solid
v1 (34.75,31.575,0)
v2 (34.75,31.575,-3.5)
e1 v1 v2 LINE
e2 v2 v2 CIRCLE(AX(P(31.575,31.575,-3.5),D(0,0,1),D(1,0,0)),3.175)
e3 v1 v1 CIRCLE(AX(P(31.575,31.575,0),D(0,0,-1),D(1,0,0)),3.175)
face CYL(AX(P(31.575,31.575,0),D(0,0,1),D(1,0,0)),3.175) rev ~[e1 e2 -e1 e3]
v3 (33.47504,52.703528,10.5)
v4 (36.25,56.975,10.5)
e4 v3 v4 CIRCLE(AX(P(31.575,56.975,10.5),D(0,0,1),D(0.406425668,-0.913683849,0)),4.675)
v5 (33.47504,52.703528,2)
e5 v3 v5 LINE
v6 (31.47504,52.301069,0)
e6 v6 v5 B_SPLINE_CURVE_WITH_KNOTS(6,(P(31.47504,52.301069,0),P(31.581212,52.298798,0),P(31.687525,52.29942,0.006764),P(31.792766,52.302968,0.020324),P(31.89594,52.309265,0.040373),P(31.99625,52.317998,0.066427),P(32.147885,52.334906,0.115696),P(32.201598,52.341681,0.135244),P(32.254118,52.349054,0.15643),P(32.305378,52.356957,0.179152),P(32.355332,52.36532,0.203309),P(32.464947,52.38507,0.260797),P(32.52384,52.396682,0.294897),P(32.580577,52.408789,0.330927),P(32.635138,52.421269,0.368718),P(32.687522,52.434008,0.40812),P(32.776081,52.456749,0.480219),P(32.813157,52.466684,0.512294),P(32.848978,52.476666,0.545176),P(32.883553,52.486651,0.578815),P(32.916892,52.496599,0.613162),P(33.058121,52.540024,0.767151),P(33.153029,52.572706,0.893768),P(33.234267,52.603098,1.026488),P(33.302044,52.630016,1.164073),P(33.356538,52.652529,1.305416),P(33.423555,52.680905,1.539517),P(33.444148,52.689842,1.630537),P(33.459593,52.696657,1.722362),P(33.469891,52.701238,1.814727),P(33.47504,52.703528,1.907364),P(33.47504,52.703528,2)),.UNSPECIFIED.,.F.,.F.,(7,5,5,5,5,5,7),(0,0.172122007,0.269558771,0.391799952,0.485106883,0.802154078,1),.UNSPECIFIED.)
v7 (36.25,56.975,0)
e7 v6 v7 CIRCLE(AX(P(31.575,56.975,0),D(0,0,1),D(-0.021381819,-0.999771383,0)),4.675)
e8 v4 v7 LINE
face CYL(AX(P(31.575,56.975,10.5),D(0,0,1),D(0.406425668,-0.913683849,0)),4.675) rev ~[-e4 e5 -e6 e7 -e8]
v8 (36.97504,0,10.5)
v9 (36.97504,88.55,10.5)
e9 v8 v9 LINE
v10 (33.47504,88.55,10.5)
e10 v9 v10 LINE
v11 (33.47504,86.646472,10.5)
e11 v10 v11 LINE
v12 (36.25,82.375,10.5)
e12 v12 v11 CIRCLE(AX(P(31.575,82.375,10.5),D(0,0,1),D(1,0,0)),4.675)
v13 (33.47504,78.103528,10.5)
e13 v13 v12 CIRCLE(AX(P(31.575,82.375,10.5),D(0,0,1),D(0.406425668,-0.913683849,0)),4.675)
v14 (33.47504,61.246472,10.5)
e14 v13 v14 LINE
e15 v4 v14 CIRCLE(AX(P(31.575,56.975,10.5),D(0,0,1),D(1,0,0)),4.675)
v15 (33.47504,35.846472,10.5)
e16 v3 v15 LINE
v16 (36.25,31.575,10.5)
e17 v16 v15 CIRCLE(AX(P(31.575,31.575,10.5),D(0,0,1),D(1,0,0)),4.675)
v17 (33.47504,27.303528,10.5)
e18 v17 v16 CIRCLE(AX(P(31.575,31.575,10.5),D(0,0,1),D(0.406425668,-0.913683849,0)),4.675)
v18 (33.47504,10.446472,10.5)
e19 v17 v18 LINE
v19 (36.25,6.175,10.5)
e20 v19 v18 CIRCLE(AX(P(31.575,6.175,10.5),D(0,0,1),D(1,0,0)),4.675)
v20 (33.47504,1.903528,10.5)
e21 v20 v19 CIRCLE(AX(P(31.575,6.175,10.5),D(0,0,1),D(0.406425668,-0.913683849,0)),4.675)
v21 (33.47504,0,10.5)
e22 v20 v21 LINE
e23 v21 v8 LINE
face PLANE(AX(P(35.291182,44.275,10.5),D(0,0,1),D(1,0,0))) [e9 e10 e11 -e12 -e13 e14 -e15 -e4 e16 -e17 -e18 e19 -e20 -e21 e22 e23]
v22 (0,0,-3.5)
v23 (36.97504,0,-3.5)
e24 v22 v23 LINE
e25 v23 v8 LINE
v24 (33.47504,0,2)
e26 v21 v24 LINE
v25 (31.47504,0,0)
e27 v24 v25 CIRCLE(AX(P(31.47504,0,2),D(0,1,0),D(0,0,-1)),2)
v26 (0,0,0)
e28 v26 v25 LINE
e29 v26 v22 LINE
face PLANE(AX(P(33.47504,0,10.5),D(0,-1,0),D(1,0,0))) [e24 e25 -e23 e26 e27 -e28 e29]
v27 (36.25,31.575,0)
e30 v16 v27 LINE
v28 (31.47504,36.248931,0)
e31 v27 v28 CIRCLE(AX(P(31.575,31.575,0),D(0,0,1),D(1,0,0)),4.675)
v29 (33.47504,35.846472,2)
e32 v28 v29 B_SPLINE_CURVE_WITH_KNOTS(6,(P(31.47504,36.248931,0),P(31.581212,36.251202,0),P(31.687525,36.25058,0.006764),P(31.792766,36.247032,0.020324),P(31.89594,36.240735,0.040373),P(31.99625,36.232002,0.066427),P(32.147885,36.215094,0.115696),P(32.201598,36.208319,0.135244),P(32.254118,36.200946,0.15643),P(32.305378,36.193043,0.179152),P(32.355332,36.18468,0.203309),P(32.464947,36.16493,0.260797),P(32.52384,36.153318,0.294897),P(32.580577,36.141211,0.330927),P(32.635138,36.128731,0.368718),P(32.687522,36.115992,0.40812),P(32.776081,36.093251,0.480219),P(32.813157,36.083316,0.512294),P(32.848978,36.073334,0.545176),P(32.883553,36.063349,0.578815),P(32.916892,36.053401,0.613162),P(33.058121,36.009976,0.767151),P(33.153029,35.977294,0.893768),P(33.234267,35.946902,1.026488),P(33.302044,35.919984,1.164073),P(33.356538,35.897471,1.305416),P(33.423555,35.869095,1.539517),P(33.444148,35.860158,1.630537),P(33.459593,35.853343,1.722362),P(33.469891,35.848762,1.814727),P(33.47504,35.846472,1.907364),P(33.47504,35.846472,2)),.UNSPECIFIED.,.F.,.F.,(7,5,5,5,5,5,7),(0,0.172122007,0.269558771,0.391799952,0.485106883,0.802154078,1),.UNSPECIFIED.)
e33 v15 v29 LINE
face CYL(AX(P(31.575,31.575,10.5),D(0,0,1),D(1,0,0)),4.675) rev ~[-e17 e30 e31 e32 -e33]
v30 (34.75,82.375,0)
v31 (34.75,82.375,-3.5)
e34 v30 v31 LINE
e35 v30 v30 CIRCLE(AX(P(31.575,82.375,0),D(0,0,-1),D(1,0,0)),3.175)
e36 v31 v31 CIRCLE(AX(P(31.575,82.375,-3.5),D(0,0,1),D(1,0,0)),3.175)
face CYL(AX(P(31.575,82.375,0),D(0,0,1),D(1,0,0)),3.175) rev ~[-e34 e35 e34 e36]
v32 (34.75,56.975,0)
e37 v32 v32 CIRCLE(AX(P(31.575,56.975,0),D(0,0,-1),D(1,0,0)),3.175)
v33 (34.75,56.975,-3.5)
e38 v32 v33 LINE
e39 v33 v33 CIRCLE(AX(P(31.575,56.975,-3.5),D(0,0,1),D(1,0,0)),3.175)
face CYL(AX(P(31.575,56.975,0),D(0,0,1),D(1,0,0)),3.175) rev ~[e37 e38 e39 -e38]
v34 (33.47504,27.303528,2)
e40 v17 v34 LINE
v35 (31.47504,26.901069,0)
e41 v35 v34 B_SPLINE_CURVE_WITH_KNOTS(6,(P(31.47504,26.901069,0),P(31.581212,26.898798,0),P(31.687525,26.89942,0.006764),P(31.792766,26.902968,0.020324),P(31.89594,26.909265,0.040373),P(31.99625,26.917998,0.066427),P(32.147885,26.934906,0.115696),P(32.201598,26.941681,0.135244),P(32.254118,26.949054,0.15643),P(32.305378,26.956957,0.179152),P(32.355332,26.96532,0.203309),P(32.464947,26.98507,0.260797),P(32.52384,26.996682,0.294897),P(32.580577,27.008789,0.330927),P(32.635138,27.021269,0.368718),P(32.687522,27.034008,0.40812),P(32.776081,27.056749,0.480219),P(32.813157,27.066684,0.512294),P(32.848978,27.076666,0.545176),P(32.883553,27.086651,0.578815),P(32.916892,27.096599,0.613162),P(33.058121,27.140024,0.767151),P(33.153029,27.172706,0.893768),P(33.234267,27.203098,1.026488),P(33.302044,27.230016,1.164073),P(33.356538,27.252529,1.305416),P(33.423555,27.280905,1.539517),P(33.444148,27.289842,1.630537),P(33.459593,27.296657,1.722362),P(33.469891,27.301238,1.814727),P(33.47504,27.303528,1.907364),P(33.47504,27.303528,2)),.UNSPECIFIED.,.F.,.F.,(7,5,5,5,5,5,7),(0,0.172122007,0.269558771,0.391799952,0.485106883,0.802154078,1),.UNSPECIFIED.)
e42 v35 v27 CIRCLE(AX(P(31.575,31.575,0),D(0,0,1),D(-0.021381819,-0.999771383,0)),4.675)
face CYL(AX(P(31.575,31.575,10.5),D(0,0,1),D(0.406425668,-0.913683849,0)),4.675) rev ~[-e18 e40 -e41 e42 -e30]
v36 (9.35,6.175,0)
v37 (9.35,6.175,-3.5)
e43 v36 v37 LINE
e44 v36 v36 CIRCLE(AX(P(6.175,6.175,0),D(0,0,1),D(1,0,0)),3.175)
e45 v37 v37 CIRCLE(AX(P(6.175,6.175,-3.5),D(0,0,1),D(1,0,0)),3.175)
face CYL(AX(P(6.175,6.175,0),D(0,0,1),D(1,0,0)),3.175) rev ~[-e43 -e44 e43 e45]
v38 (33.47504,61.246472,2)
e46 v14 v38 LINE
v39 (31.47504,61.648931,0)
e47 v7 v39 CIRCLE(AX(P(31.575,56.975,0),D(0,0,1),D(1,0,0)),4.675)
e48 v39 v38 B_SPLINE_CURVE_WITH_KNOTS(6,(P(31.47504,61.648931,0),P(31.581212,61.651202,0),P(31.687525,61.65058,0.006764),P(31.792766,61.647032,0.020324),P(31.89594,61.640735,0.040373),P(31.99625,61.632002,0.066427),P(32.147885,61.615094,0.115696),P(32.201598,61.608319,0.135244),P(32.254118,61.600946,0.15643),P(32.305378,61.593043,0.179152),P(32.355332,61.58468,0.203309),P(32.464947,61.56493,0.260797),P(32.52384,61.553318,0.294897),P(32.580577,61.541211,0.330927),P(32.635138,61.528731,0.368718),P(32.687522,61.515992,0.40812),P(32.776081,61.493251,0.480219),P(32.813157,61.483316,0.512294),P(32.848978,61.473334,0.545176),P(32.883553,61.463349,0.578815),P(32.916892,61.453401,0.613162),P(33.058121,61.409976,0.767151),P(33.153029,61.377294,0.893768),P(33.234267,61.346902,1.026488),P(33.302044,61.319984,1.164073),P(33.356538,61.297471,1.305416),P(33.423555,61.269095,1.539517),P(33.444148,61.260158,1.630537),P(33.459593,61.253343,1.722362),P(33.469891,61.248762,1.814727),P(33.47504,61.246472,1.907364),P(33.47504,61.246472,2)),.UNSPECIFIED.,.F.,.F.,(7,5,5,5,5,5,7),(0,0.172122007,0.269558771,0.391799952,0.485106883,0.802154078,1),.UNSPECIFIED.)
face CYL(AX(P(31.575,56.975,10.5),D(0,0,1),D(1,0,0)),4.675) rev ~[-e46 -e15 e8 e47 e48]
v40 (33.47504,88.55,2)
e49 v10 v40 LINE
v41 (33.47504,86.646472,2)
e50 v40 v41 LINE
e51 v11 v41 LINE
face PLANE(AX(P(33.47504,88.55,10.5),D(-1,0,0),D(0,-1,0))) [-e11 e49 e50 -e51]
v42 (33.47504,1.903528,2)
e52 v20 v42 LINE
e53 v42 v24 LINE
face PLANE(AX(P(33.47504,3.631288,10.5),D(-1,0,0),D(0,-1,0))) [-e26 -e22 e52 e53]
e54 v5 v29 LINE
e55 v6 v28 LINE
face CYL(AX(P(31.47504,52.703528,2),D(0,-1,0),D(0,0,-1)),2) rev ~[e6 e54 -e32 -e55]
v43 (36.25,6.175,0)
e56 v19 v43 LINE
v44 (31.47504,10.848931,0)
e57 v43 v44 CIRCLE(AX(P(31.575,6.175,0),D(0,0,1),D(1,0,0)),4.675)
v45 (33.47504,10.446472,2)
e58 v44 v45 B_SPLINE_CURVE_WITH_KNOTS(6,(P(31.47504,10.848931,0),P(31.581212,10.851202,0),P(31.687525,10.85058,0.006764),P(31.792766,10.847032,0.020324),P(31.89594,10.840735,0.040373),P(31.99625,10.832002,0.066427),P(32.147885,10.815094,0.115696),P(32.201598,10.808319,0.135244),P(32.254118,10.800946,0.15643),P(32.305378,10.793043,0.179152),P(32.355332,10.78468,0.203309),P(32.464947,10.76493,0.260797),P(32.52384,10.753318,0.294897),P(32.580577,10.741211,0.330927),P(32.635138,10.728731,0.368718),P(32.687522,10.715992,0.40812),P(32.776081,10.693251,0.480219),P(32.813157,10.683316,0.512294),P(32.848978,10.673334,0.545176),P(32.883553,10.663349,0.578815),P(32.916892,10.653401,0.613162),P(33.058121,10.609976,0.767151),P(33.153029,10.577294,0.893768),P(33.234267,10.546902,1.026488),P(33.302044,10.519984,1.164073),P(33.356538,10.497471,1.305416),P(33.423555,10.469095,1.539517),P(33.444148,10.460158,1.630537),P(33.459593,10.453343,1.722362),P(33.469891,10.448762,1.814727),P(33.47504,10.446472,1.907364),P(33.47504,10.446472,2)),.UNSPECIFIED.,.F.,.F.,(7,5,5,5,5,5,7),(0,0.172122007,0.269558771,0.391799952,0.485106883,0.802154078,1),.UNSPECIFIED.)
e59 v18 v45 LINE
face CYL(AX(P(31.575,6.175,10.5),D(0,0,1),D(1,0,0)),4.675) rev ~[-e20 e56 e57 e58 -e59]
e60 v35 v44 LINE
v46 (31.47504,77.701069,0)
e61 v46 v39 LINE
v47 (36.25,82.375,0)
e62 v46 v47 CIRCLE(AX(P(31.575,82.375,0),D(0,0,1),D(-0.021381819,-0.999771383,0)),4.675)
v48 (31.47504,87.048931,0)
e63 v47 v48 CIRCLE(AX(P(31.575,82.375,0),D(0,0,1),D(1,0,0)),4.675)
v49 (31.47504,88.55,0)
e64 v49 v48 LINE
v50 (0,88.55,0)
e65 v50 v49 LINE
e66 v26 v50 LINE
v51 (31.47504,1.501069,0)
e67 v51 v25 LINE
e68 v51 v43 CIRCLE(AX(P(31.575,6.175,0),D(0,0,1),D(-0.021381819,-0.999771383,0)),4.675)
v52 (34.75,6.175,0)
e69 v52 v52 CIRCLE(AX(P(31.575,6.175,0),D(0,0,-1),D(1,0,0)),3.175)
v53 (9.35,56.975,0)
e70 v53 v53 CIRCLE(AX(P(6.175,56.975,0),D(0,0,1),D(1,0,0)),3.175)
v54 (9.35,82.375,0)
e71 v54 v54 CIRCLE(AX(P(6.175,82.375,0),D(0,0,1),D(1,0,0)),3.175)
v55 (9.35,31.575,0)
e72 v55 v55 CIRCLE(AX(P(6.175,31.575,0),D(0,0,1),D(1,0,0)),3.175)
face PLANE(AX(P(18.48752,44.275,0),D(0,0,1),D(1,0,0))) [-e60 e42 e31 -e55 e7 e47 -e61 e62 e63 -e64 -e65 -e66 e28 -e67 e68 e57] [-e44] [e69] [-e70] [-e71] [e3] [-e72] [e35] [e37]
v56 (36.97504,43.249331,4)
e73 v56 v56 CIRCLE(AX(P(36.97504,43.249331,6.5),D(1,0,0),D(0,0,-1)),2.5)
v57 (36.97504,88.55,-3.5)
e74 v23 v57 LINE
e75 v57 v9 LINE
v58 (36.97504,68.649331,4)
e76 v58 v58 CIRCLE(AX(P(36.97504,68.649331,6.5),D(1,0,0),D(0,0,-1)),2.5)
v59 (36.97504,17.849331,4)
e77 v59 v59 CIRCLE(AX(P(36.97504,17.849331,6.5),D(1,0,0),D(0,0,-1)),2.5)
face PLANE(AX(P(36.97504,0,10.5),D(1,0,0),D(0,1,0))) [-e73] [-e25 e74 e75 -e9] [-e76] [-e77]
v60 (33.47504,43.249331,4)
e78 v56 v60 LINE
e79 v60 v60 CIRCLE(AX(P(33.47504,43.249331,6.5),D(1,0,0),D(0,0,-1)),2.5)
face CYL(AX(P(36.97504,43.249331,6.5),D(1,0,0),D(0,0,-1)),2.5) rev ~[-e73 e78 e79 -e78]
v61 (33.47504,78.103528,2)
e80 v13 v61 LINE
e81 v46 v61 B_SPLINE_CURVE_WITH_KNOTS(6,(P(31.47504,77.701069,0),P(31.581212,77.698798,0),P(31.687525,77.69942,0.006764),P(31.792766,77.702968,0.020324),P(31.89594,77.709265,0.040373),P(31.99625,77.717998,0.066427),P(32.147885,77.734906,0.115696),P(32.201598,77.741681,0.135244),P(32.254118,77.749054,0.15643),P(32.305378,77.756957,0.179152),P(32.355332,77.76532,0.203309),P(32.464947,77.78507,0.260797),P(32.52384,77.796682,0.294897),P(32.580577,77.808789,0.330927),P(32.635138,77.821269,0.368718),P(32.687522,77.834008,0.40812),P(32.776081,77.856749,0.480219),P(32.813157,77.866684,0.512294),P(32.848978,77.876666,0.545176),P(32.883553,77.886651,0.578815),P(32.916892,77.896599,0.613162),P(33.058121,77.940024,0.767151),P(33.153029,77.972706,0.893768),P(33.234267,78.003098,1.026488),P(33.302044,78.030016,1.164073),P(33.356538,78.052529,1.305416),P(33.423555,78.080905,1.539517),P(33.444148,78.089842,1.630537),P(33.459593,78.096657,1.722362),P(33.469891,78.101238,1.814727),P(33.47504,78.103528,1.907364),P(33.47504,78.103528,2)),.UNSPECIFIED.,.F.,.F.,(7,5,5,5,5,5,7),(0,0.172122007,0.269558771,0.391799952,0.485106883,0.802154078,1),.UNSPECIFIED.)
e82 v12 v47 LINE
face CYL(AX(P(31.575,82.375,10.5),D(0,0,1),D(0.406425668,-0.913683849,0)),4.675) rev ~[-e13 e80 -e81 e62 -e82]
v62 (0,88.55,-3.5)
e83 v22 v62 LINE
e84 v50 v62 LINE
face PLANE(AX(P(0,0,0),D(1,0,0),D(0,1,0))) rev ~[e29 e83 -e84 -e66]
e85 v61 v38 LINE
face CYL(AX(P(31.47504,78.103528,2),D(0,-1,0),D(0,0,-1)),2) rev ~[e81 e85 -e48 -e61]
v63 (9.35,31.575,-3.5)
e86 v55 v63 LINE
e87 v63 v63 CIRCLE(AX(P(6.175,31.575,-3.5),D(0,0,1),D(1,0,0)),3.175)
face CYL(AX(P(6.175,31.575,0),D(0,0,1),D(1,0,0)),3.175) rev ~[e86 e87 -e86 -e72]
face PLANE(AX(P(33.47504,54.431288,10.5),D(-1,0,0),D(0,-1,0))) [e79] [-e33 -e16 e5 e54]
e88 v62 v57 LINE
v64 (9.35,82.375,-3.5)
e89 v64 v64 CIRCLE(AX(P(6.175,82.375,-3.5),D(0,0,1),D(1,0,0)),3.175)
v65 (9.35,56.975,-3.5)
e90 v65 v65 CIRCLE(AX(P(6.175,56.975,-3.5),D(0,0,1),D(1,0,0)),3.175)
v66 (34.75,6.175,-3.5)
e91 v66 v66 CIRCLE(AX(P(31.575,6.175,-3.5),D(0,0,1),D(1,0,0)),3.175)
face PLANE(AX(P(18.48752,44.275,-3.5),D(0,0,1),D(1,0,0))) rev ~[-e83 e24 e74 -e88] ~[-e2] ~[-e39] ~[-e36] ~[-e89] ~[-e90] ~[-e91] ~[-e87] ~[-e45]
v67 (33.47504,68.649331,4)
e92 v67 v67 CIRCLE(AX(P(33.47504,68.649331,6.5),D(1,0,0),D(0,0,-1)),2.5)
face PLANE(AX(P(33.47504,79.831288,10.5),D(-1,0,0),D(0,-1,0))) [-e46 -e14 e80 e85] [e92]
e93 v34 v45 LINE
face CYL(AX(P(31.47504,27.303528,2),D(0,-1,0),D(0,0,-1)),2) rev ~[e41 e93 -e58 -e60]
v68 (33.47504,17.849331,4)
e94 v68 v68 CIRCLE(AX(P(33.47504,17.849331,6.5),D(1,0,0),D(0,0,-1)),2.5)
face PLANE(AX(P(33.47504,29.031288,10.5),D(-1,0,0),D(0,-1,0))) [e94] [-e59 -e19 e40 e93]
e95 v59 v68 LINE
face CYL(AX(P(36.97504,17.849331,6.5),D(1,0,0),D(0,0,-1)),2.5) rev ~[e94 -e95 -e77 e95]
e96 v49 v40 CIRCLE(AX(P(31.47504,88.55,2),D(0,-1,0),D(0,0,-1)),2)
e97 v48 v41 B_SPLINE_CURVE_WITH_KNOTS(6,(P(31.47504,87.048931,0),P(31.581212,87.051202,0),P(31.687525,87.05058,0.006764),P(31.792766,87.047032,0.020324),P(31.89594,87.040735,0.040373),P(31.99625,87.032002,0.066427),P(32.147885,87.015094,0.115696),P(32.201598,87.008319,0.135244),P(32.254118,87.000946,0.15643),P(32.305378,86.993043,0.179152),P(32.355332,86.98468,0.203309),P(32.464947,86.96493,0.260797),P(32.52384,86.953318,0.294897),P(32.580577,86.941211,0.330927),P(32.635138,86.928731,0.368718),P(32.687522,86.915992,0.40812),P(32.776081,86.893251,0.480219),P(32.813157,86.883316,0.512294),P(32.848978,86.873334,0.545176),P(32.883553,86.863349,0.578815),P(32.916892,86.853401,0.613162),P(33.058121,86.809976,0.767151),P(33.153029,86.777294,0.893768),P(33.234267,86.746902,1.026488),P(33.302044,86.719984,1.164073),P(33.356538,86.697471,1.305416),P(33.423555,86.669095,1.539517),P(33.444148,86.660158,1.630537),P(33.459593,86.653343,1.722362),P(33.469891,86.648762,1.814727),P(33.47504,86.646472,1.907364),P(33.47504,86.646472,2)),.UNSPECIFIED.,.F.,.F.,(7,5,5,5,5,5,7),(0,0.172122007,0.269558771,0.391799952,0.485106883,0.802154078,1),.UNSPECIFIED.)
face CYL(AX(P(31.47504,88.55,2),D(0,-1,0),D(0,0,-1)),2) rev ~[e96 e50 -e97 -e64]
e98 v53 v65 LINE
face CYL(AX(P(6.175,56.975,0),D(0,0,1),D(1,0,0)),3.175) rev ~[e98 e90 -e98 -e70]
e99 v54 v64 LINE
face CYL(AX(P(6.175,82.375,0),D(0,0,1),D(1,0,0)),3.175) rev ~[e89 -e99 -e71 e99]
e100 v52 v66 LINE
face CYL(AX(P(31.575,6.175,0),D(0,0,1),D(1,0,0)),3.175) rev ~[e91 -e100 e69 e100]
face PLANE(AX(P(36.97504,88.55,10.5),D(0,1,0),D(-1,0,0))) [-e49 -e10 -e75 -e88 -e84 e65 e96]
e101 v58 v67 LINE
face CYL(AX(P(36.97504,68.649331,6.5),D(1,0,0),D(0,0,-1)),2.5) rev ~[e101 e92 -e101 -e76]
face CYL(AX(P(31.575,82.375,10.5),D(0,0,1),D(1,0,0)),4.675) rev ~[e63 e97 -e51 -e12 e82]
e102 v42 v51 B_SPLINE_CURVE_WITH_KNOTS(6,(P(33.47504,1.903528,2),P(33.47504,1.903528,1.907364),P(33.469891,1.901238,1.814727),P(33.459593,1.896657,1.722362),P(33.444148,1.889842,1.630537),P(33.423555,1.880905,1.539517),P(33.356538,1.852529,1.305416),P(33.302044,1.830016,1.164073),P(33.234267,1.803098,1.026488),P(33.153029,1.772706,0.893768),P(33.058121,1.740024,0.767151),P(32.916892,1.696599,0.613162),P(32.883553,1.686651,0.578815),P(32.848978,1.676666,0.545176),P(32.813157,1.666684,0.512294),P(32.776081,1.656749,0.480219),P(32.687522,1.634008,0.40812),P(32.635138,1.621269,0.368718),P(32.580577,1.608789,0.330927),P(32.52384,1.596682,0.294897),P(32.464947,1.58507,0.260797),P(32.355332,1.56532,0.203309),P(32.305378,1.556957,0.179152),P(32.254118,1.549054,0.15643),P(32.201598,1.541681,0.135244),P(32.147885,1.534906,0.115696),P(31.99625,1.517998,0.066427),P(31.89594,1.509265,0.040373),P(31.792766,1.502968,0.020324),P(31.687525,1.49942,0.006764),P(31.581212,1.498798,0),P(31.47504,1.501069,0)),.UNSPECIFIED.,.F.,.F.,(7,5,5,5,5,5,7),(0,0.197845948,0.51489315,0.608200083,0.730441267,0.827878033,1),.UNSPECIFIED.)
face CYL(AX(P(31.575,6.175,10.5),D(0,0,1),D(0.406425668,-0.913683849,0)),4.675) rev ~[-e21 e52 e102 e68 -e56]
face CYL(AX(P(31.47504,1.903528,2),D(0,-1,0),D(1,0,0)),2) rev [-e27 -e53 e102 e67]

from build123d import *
from build123d.topology import SkipClean

# Parameters (mm, degrees)
SKETCH1_W           = 36.97504
SKETCH1_H           = 88.55
SKETCH1_R           = 3.175
BOSS_EXTRUDE1_DEPTH = 3.5
BOSS_EXTRUDE3_START = 10.5
BOSS_EXTRUDE3_DEPTH = 10.5
CUT_EXTRUDE1_START  = 10.5
CUT_EXTRUDE1_DEPTH  = 10.5
SKETCH2_R           = 2.5
CUT_EXTRUDE2_DEPTH  = 3.5
FILLET1_R           = 2


with BuildPart() as part:
    # Sketch1 → Boss-Extrude1 (new body)
    with BuildSketch(Plane.XY):
        with Locations((18.48752, 44.275)):
            Rectangle(SKETCH1_W, SKETCH1_H)
        with Locations((31.575, 82.375)):
            Circle(SKETCH1_R, mode=Mode.SUBTRACT)
        with Locations((31.575, 56.975)):
            Circle(SKETCH1_R, mode=Mode.SUBTRACT)
        with Locations((31.575, 31.575)):
            Circle(SKETCH1_R, mode=Mode.SUBTRACT)
        with Locations((31.575, 6.175)):
            Circle(SKETCH1_R, mode=Mode.SUBTRACT)
        with Locations((6.175, 6.175)):
            Circle(SKETCH1_R, mode=Mode.SUBTRACT)
        with Locations((6.175, 31.575)):
            Circle(SKETCH1_R, mode=Mode.SUBTRACT)
        with Locations((6.175, 56.975)):
            Circle(SKETCH1_R, mode=Mode.SUBTRACT)
        with Locations((6.175, 82.375)):
            Circle(SKETCH1_R, mode=Mode.SUBTRACT)
    extrude(amount=-BOSS_EXTRUDE1_DEPTH)

    # Sketch1<4> → Boss-Extrude3 (add)
    with SkipClean():  # the faces are left unmerged after this step: merging them gives an invalid solid
        with BuildSketch(Plane.XY.offset(BOSS_EXTRUDE3_START)):
            with BuildLine():
                Line((33.47504, 0), (36.97504, 0))
                Line((36.97504, 0), (36.97504, 88.55))
                Line((36.97504, 88.55), (33.47504, 88.55))
                Line((33.47504, 88.55), (33.47504, 84.918712444))
                ThreePointArc((33.47504, 84.918712444), (34.75, 82.375), (33.47504, 79.831287556))
                Line((33.47504, 79.831287556), (33.47504, 59.518712444))
                ThreePointArc((33.47504, 59.518712444), (34.75, 56.975), (33.47504, 54.431287556))
                Line((33.47504, 54.431287556), (33.47504, 34.118712444))
                ThreePointArc((33.47504, 34.118712444), (34.75, 31.575), (33.47504, 29.031287556))
                Line((33.47504, 29.031287556), (33.47504, 8.718712444))
                ThreePointArc((33.47504, 8.718712444), (34.75, 6.175), (33.47504, 3.631287556))
                Line((33.47504, 3.631287556), (33.47504, 0))
            make_face()
        extrude(amount=-BOSS_EXTRUDE3_DEPTH)

    # Sketch1<5> → Cut-Extrude1 (cut)
    with BuildSketch(Plane.XY.offset(CUT_EXTRUDE1_START)):
        with BuildLine():
            ThreePointArc((36.25, 82.375), (35.495351515, 84.921854727), (33.47504, 86.646471994))
            Line((33.47504, 86.646471994), (33.47504, 84.918712444))
            ThreePointArc((33.47504, 84.918712444), (34.413419631, 83.797673188), (34.75, 82.375))
            ThreePointArc((34.75, 82.375), (34.413419631, 80.952326812), (33.47504, 79.831287556))
            Line((33.47504, 79.831287556), (33.47504, 78.103528006))
            ThreePointArc((33.47504, 78.103528006), (35.495351515, 79.828145273), (36.25, 82.375))
        make_face()
        with BuildLine():
            Line((33.47504, 84.918712444), (33.47504, 86.646471994))
            ThreePointArc((33.47504, 86.646471994), (26.9, 82.375), (33.47504, 78.103528006))
            Line((33.47504, 78.103528006), (33.47504, 79.831287556))
            ThreePointArc((33.47504, 79.831287556), (28.4, 82.375), (33.47504, 84.918712444))
        make_face()
        with BuildLine():
            ThreePointArc((36.25, 56.975), (35.495351515, 59.521854727), (33.47504, 61.246471994))
            Line((33.47504, 61.246471994), (33.47504, 59.518712444))
            ThreePointArc((33.47504, 59.518712444), (34.413419631, 58.397673188), (34.75, 56.975))
            ThreePointArc((34.75, 56.975), (34.413419631, 55.552326812), (33.47504, 54.431287556))
            Line((33.47504, 54.431287556), (33.47504, 52.703528006))
            ThreePointArc((33.47504, 52.703528006), (35.495351515, 54.428145273), (36.25, 56.975))
        make_face()
        with BuildLine():
            Line((33.47504, 59.518712444), (33.47504, 61.246471994))
            ThreePointArc((33.47504, 61.246471994), (26.9, 56.975), (33.47504, 52.703528006))
            Line((33.47504, 52.703528006), (33.47504, 54.431287556))
            ThreePointArc((33.47504, 54.431287556), (28.4, 56.975), (33.47504, 59.518712444))
        make_face()
        with BuildLine():
            ThreePointArc((33.47504, 35.846471994), (26.9, 31.575), (33.47504, 27.303528006))
            Line((33.47504, 27.303528006), (33.47504, 29.031287556))
            ThreePointArc((33.47504, 29.031287556), (28.4, 31.575), (33.47504, 34.118712444))
            Line((33.47504, 34.118712444), (33.47504, 35.846471994))
        make_face()
        with BuildLine():
            Line((33.47504, 29.031287556), (33.47504, 27.303528006))
            ThreePointArc((33.47504, 27.303528006), (35.495351515, 29.028145273), (36.25, 31.575))
            ThreePointArc((36.25, 31.575), (35.495351515, 34.121854727), (33.47504, 35.846471994))
            Line((33.47504, 35.846471994), (33.47504, 34.118712444))
            ThreePointArc((33.47504, 34.118712444), (34.413419631, 32.997673188), (34.75, 31.575))
            ThreePointArc((34.75, 31.575), (34.413419631, 30.152326812), (33.47504, 29.031287556))
        make_face()
        with BuildLine():
            ThreePointArc((33.47504, 10.446471994), (26.9, 6.175), (33.47504, 1.903528006))
            Line((33.47504, 1.903528006), (33.47504, 3.631287556))
            ThreePointArc((33.47504, 3.631287556), (28.4, 6.175), (33.47504, 8.718712444))
            Line((33.47504, 8.718712444), (33.47504, 10.446471994))
        make_face()
        with BuildLine():
            Line((33.47504, 3.631287556), (33.47504, 1.903528006))
            ThreePointArc((33.47504, 1.903528006), (35.495351515, 3.628145273), (36.25, 6.175))
            ThreePointArc((36.25, 6.175), (35.495351515, 8.721854727), (33.47504, 10.446471994))
            Line((33.47504, 10.446471994), (33.47504, 8.718712444))
            ThreePointArc((33.47504, 8.718712444), (34.413419631, 7.597673188), (34.75, 6.175))
            ThreePointArc((34.75, 6.175), (34.413419631, 4.752326812), (33.47504, 3.631287556))
        make_face()
    extrude(amount=-CUT_EXTRUDE1_DEPTH, mode=Mode.SUBTRACT)

    # Sketch2 → Cut-Extrude2 (cut)
    with BuildSketch(Plane(origin=(36.97504, 0, 0), x_dir=(0, 0, -1), z_dir=(1, 0, 0))):
        with Locations((-6.5, 17.849330816)):
            Circle(SKETCH2_R)
        with Locations((-6.5, 43.249330816)):
            Circle(SKETCH2_R)
        with Locations((-6.5, 68.649330816)):
            Circle(SKETCH2_R)
    extrude(amount=-CUT_EXTRUDE2_DEPTH, mode=Mode.SUBTRACT)

    # Fillet1
    fillet1_edges = [part.edges().sort_by_distance(p)[0] for p in [
        (33.47504, 44.275, 0),
        (33.47504, 18.875, 0),
        (33.47504, 0.951764003, 0),
        (33.47504, 87.598235997, 0),
        (33.47504, 69.675, 0),
    ]]
    fillet(fillet1_edges, radius=FILLET1_R)


solid = part.part
